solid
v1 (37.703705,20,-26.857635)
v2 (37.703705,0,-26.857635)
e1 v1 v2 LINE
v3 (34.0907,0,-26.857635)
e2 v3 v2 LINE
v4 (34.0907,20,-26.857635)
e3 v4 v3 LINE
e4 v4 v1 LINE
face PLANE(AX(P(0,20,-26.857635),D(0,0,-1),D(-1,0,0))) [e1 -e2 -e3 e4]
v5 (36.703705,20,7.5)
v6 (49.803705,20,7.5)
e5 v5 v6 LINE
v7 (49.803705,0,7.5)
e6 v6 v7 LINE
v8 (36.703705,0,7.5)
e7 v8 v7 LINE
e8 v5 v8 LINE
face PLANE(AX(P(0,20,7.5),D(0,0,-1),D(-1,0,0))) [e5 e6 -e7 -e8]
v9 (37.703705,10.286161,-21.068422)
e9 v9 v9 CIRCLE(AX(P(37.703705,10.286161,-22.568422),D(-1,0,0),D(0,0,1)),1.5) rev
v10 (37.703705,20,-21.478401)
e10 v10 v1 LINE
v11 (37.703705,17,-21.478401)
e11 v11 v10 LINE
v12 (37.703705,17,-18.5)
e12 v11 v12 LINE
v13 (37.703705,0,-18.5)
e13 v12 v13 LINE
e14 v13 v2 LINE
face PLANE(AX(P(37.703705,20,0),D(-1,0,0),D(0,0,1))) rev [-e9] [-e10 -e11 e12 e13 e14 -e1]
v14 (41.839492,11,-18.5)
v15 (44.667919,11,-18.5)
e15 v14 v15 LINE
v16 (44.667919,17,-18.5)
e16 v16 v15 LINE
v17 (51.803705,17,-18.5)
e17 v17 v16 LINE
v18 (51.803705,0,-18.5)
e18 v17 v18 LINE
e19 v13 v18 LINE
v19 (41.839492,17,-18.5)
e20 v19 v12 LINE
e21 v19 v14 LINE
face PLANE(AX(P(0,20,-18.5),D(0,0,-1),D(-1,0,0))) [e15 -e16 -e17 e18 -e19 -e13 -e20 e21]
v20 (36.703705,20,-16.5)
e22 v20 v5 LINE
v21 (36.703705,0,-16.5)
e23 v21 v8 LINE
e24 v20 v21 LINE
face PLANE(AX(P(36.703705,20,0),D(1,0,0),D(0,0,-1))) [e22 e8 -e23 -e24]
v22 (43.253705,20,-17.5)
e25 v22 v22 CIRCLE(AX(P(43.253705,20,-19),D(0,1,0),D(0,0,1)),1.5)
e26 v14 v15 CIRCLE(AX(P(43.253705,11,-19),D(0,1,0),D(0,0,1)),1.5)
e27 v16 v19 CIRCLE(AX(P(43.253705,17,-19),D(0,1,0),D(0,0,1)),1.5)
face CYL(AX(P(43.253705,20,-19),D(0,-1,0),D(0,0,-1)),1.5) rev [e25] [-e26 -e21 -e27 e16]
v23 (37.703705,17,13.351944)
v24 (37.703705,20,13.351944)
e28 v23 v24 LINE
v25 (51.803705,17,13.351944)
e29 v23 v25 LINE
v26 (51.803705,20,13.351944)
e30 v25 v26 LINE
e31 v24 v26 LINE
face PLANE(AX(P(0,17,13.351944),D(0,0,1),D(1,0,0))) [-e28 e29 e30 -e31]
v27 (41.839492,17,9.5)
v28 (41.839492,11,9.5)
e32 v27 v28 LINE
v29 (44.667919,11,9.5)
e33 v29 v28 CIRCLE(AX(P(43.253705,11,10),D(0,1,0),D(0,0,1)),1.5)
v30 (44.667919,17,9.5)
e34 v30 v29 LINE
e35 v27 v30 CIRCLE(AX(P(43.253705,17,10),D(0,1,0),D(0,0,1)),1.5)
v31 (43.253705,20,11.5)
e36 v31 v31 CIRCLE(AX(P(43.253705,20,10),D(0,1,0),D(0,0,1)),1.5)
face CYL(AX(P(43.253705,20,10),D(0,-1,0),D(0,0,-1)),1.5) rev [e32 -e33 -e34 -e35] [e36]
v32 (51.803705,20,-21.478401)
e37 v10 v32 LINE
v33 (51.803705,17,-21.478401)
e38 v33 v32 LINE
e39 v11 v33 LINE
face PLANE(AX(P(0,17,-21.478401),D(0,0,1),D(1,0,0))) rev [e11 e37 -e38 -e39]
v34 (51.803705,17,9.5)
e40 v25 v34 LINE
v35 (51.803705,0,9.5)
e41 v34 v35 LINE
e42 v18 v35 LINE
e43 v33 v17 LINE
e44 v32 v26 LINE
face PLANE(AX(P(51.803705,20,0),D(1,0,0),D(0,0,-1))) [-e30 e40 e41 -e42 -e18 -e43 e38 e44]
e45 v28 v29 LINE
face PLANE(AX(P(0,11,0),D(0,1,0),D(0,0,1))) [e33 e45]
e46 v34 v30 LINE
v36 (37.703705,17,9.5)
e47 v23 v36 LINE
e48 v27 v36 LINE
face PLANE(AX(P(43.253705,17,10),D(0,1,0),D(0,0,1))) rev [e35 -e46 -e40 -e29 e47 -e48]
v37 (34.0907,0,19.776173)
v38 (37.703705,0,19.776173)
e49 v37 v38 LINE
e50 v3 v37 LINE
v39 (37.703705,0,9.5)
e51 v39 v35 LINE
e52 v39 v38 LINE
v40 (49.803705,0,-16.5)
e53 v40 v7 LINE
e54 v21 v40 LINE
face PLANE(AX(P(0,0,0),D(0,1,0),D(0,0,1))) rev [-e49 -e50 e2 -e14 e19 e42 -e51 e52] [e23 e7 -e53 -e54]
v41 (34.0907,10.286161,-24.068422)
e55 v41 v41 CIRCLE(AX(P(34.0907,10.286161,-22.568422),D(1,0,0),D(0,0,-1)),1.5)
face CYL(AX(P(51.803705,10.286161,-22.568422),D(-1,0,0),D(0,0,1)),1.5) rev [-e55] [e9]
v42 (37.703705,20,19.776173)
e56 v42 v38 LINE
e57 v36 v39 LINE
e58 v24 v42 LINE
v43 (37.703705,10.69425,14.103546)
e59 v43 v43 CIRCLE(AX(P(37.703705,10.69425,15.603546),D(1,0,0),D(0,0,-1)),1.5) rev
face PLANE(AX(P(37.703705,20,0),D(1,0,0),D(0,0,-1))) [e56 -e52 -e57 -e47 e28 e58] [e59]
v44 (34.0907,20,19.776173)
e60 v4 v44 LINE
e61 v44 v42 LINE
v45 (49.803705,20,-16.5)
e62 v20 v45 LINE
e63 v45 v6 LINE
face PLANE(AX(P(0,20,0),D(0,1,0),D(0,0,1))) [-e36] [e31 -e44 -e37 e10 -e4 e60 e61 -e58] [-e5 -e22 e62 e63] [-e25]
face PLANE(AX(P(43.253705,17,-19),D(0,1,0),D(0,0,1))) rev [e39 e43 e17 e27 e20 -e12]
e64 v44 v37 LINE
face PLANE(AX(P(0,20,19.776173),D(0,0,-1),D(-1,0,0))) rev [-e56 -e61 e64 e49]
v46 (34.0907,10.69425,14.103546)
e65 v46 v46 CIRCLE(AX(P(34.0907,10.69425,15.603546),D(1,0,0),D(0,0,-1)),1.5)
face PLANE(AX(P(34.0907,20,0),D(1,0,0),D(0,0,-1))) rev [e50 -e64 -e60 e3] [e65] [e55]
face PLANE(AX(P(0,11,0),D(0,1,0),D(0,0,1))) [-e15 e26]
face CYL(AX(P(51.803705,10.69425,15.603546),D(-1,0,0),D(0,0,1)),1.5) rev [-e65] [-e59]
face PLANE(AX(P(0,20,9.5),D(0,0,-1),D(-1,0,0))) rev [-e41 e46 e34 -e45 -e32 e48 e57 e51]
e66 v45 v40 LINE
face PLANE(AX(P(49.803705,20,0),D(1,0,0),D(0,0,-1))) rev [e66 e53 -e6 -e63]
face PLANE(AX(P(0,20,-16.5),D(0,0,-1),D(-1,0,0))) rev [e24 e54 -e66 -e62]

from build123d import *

# Parameters (mm, degrees)
SKETCH1_W               = 13.1
SKETCH1_H               = 24
BOSS_EXTRUDE1_DEPTH     = 20
CUT_EXTRUDE1_DEPTH      = 37.333765723
CUT_EXTRUDE1_DEPTH_BACK = 37.333765723
SKETCH4_R               = 1.5
BOSS_EXTRUDE2_START     = 17
BOSS_EXTRUDE2_DEPTH     = 3
BOSS_EXTRUDE3_DEPTH     = 11


with BuildPart() as part:
    # Sketch1 → Boss-Extrude1 (new body)
    with BuildSketch(Plane(origin=(0, 0, 0), x_dir=(1, 0, 0), z_dir=(0, 1, 0))):
        with BuildLine():
            Line((51.803705275, -9.5), (51.803705275, 18.5))
            Line((51.803705275, 18.5), (44.667918837, 18.5))
            ThreePointArc((44.667918837, 18.5), (43.253705275, 17.5), (41.839491713, 18.5))
            Line((41.839491713, 18.5), (37.703705275, 18.5))
            Line((37.703705275, 18.5), (37.703705275, 26.857634512))
            Line((37.703705275, 26.857634512), (34.090699836, 26.857634512))
            Line((34.090699836, 26.857634512), (34.090699836, -19.776172663))
            Line((34.090699836, -19.776172663), (37.703705275, -19.776172663))
            Line((37.703705275, -19.776172663), (37.703705275, -9.5))
            Line((37.703705275, -9.5), (41.839491713, -9.5))
            ThreePointArc((41.839491713, -9.5), (43.253705275, -8.5), (44.667918837, -9.5))
            Line((44.667918837, -9.5), (51.803705275, -9.5))
        make_face()
        with Locations((43.253705275, 4.5)):
            Rectangle(SKETCH1_W, SKETCH1_H, mode=Mode.SUBTRACT)
    extrude(amount=BOSS_EXTRUDE1_DEPTH)

    # Sketch4 → Cut-Extrude1 (cut, two sides: drawn at the far end of the back side and taken through both)
    with BuildSketch(Plane(origin=(37.703705275, 0, 0), x_dir=(0, 0, -1), z_dir=(1, 0, 0)).offset(-CUT_EXTRUDE1_DEPTH_BACK)):
        with Locations((-15.603546026, 10.694249846)):
            Circle(SKETCH4_R)
        with Locations(Location((22.568421885, 10.286160732, 0), (0, 0, 180))):
            Circle(SKETCH4_R)
    extrude(amount=CUT_EXTRUDE1_DEPTH + CUT_EXTRUDE1_DEPTH_BACK, mode=Mode.SUBTRACT)

    # Sketch1<31> → Boss-Extrude2 (add)
    with BuildSketch(Plane(origin=(0, 0, 0), x_dir=(1, 0, 0), z_dir=(0, 1, 0)).offset(BOSS_EXTRUDE2_START)):
        with BuildLine():
            Line((51.803705275, -13.351943518), (51.803705275, -9.5))
            Line((51.803705275, -9.5), (44.667918837, -9.5))
            ThreePointArc((44.667918837, -9.5), (44.732103114, -9.746347032), (44.753705275, -10))
            ThreePointArc((44.753705275, -10), (44.314365447, -11.060660172), (43.253705275, -11.5))
            Line((43.253705275, -11.5), (43.253705275, -13.351943518))
            Line((43.253705275, -13.351943518), (51.803705275, -13.351943518))
        make_face()
        with BuildLine():
            Line((37.703705275, -13.351943518), (43.253705275, -13.351943518))
            Line((43.253705275, -13.351943518), (43.253705275, -11.5))
            ThreePointArc((43.253705275, -11.5), (42.028960404, -10.866025404), (41.839491713, -9.5))
            Line((41.839491713, -9.5), (37.703705275, -9.5))
            Line((37.703705275, -9.5), (37.703705275, -13.351943518))
        make_face()
        with BuildLine():
            Line((44.667918837, 18.5), (51.803705275, 18.5))
            Line((51.803705275, 18.5), (51.803705275, 21.478401139))
            Line((51.803705275, 21.478401139), (43.253705275, 21.478401139))
            Line((43.253705275, 21.478401139), (43.253705275, 20.5))
            ThreePointArc((43.253705275, 20.5), (44.314365447, 20.060660172), (44.753705275, 19))
            ThreePointArc((44.753705275, 19), (44.732103114, 18.746347032), (44.667918837, 18.5))
        make_face()
        with BuildLine():
            Line((43.253705275, 20.5), (43.253705275, 21.478401139))
            Line((43.253705275, 21.478401139), (37.703705275, 21.478401139))
            Line((37.703705275, 21.478401139), (37.703705275, 18.5))
            Line((37.703705275, 18.5), (41.839491713, 18.5))
            ThreePointArc((41.839491713, 18.5), (42.028960404, 19.866025404), (43.253705275, 20.5))
        make_face()
    extrude(amount=BOSS_EXTRUDE2_DEPTH)

    # Sketch1<32> → Boss-Extrude3 (add)
    with BuildSketch(Plane(origin=(0, 0, 0), x_dir=(1, 0, 0), z_dir=(0, 1, 0))):
        with BuildLine():
            Line((44.667918837, 18.5), (41.839491713, 18.5))
            ThreePointArc((41.839491713, 18.5), (43.253705275, 17.5), (44.667918837, 18.5))
        make_face()
        with BuildLine():
            ThreePointArc((44.667918837, -9.5), (43.253705275, -8.5), (41.839491713, -9.5))
            Line((41.839491713, -9.5), (44.667918837, -9.5))
        make_face()
    extrude(amount=BOSS_EXTRUDE3_DEPTH)


solid = part.part
